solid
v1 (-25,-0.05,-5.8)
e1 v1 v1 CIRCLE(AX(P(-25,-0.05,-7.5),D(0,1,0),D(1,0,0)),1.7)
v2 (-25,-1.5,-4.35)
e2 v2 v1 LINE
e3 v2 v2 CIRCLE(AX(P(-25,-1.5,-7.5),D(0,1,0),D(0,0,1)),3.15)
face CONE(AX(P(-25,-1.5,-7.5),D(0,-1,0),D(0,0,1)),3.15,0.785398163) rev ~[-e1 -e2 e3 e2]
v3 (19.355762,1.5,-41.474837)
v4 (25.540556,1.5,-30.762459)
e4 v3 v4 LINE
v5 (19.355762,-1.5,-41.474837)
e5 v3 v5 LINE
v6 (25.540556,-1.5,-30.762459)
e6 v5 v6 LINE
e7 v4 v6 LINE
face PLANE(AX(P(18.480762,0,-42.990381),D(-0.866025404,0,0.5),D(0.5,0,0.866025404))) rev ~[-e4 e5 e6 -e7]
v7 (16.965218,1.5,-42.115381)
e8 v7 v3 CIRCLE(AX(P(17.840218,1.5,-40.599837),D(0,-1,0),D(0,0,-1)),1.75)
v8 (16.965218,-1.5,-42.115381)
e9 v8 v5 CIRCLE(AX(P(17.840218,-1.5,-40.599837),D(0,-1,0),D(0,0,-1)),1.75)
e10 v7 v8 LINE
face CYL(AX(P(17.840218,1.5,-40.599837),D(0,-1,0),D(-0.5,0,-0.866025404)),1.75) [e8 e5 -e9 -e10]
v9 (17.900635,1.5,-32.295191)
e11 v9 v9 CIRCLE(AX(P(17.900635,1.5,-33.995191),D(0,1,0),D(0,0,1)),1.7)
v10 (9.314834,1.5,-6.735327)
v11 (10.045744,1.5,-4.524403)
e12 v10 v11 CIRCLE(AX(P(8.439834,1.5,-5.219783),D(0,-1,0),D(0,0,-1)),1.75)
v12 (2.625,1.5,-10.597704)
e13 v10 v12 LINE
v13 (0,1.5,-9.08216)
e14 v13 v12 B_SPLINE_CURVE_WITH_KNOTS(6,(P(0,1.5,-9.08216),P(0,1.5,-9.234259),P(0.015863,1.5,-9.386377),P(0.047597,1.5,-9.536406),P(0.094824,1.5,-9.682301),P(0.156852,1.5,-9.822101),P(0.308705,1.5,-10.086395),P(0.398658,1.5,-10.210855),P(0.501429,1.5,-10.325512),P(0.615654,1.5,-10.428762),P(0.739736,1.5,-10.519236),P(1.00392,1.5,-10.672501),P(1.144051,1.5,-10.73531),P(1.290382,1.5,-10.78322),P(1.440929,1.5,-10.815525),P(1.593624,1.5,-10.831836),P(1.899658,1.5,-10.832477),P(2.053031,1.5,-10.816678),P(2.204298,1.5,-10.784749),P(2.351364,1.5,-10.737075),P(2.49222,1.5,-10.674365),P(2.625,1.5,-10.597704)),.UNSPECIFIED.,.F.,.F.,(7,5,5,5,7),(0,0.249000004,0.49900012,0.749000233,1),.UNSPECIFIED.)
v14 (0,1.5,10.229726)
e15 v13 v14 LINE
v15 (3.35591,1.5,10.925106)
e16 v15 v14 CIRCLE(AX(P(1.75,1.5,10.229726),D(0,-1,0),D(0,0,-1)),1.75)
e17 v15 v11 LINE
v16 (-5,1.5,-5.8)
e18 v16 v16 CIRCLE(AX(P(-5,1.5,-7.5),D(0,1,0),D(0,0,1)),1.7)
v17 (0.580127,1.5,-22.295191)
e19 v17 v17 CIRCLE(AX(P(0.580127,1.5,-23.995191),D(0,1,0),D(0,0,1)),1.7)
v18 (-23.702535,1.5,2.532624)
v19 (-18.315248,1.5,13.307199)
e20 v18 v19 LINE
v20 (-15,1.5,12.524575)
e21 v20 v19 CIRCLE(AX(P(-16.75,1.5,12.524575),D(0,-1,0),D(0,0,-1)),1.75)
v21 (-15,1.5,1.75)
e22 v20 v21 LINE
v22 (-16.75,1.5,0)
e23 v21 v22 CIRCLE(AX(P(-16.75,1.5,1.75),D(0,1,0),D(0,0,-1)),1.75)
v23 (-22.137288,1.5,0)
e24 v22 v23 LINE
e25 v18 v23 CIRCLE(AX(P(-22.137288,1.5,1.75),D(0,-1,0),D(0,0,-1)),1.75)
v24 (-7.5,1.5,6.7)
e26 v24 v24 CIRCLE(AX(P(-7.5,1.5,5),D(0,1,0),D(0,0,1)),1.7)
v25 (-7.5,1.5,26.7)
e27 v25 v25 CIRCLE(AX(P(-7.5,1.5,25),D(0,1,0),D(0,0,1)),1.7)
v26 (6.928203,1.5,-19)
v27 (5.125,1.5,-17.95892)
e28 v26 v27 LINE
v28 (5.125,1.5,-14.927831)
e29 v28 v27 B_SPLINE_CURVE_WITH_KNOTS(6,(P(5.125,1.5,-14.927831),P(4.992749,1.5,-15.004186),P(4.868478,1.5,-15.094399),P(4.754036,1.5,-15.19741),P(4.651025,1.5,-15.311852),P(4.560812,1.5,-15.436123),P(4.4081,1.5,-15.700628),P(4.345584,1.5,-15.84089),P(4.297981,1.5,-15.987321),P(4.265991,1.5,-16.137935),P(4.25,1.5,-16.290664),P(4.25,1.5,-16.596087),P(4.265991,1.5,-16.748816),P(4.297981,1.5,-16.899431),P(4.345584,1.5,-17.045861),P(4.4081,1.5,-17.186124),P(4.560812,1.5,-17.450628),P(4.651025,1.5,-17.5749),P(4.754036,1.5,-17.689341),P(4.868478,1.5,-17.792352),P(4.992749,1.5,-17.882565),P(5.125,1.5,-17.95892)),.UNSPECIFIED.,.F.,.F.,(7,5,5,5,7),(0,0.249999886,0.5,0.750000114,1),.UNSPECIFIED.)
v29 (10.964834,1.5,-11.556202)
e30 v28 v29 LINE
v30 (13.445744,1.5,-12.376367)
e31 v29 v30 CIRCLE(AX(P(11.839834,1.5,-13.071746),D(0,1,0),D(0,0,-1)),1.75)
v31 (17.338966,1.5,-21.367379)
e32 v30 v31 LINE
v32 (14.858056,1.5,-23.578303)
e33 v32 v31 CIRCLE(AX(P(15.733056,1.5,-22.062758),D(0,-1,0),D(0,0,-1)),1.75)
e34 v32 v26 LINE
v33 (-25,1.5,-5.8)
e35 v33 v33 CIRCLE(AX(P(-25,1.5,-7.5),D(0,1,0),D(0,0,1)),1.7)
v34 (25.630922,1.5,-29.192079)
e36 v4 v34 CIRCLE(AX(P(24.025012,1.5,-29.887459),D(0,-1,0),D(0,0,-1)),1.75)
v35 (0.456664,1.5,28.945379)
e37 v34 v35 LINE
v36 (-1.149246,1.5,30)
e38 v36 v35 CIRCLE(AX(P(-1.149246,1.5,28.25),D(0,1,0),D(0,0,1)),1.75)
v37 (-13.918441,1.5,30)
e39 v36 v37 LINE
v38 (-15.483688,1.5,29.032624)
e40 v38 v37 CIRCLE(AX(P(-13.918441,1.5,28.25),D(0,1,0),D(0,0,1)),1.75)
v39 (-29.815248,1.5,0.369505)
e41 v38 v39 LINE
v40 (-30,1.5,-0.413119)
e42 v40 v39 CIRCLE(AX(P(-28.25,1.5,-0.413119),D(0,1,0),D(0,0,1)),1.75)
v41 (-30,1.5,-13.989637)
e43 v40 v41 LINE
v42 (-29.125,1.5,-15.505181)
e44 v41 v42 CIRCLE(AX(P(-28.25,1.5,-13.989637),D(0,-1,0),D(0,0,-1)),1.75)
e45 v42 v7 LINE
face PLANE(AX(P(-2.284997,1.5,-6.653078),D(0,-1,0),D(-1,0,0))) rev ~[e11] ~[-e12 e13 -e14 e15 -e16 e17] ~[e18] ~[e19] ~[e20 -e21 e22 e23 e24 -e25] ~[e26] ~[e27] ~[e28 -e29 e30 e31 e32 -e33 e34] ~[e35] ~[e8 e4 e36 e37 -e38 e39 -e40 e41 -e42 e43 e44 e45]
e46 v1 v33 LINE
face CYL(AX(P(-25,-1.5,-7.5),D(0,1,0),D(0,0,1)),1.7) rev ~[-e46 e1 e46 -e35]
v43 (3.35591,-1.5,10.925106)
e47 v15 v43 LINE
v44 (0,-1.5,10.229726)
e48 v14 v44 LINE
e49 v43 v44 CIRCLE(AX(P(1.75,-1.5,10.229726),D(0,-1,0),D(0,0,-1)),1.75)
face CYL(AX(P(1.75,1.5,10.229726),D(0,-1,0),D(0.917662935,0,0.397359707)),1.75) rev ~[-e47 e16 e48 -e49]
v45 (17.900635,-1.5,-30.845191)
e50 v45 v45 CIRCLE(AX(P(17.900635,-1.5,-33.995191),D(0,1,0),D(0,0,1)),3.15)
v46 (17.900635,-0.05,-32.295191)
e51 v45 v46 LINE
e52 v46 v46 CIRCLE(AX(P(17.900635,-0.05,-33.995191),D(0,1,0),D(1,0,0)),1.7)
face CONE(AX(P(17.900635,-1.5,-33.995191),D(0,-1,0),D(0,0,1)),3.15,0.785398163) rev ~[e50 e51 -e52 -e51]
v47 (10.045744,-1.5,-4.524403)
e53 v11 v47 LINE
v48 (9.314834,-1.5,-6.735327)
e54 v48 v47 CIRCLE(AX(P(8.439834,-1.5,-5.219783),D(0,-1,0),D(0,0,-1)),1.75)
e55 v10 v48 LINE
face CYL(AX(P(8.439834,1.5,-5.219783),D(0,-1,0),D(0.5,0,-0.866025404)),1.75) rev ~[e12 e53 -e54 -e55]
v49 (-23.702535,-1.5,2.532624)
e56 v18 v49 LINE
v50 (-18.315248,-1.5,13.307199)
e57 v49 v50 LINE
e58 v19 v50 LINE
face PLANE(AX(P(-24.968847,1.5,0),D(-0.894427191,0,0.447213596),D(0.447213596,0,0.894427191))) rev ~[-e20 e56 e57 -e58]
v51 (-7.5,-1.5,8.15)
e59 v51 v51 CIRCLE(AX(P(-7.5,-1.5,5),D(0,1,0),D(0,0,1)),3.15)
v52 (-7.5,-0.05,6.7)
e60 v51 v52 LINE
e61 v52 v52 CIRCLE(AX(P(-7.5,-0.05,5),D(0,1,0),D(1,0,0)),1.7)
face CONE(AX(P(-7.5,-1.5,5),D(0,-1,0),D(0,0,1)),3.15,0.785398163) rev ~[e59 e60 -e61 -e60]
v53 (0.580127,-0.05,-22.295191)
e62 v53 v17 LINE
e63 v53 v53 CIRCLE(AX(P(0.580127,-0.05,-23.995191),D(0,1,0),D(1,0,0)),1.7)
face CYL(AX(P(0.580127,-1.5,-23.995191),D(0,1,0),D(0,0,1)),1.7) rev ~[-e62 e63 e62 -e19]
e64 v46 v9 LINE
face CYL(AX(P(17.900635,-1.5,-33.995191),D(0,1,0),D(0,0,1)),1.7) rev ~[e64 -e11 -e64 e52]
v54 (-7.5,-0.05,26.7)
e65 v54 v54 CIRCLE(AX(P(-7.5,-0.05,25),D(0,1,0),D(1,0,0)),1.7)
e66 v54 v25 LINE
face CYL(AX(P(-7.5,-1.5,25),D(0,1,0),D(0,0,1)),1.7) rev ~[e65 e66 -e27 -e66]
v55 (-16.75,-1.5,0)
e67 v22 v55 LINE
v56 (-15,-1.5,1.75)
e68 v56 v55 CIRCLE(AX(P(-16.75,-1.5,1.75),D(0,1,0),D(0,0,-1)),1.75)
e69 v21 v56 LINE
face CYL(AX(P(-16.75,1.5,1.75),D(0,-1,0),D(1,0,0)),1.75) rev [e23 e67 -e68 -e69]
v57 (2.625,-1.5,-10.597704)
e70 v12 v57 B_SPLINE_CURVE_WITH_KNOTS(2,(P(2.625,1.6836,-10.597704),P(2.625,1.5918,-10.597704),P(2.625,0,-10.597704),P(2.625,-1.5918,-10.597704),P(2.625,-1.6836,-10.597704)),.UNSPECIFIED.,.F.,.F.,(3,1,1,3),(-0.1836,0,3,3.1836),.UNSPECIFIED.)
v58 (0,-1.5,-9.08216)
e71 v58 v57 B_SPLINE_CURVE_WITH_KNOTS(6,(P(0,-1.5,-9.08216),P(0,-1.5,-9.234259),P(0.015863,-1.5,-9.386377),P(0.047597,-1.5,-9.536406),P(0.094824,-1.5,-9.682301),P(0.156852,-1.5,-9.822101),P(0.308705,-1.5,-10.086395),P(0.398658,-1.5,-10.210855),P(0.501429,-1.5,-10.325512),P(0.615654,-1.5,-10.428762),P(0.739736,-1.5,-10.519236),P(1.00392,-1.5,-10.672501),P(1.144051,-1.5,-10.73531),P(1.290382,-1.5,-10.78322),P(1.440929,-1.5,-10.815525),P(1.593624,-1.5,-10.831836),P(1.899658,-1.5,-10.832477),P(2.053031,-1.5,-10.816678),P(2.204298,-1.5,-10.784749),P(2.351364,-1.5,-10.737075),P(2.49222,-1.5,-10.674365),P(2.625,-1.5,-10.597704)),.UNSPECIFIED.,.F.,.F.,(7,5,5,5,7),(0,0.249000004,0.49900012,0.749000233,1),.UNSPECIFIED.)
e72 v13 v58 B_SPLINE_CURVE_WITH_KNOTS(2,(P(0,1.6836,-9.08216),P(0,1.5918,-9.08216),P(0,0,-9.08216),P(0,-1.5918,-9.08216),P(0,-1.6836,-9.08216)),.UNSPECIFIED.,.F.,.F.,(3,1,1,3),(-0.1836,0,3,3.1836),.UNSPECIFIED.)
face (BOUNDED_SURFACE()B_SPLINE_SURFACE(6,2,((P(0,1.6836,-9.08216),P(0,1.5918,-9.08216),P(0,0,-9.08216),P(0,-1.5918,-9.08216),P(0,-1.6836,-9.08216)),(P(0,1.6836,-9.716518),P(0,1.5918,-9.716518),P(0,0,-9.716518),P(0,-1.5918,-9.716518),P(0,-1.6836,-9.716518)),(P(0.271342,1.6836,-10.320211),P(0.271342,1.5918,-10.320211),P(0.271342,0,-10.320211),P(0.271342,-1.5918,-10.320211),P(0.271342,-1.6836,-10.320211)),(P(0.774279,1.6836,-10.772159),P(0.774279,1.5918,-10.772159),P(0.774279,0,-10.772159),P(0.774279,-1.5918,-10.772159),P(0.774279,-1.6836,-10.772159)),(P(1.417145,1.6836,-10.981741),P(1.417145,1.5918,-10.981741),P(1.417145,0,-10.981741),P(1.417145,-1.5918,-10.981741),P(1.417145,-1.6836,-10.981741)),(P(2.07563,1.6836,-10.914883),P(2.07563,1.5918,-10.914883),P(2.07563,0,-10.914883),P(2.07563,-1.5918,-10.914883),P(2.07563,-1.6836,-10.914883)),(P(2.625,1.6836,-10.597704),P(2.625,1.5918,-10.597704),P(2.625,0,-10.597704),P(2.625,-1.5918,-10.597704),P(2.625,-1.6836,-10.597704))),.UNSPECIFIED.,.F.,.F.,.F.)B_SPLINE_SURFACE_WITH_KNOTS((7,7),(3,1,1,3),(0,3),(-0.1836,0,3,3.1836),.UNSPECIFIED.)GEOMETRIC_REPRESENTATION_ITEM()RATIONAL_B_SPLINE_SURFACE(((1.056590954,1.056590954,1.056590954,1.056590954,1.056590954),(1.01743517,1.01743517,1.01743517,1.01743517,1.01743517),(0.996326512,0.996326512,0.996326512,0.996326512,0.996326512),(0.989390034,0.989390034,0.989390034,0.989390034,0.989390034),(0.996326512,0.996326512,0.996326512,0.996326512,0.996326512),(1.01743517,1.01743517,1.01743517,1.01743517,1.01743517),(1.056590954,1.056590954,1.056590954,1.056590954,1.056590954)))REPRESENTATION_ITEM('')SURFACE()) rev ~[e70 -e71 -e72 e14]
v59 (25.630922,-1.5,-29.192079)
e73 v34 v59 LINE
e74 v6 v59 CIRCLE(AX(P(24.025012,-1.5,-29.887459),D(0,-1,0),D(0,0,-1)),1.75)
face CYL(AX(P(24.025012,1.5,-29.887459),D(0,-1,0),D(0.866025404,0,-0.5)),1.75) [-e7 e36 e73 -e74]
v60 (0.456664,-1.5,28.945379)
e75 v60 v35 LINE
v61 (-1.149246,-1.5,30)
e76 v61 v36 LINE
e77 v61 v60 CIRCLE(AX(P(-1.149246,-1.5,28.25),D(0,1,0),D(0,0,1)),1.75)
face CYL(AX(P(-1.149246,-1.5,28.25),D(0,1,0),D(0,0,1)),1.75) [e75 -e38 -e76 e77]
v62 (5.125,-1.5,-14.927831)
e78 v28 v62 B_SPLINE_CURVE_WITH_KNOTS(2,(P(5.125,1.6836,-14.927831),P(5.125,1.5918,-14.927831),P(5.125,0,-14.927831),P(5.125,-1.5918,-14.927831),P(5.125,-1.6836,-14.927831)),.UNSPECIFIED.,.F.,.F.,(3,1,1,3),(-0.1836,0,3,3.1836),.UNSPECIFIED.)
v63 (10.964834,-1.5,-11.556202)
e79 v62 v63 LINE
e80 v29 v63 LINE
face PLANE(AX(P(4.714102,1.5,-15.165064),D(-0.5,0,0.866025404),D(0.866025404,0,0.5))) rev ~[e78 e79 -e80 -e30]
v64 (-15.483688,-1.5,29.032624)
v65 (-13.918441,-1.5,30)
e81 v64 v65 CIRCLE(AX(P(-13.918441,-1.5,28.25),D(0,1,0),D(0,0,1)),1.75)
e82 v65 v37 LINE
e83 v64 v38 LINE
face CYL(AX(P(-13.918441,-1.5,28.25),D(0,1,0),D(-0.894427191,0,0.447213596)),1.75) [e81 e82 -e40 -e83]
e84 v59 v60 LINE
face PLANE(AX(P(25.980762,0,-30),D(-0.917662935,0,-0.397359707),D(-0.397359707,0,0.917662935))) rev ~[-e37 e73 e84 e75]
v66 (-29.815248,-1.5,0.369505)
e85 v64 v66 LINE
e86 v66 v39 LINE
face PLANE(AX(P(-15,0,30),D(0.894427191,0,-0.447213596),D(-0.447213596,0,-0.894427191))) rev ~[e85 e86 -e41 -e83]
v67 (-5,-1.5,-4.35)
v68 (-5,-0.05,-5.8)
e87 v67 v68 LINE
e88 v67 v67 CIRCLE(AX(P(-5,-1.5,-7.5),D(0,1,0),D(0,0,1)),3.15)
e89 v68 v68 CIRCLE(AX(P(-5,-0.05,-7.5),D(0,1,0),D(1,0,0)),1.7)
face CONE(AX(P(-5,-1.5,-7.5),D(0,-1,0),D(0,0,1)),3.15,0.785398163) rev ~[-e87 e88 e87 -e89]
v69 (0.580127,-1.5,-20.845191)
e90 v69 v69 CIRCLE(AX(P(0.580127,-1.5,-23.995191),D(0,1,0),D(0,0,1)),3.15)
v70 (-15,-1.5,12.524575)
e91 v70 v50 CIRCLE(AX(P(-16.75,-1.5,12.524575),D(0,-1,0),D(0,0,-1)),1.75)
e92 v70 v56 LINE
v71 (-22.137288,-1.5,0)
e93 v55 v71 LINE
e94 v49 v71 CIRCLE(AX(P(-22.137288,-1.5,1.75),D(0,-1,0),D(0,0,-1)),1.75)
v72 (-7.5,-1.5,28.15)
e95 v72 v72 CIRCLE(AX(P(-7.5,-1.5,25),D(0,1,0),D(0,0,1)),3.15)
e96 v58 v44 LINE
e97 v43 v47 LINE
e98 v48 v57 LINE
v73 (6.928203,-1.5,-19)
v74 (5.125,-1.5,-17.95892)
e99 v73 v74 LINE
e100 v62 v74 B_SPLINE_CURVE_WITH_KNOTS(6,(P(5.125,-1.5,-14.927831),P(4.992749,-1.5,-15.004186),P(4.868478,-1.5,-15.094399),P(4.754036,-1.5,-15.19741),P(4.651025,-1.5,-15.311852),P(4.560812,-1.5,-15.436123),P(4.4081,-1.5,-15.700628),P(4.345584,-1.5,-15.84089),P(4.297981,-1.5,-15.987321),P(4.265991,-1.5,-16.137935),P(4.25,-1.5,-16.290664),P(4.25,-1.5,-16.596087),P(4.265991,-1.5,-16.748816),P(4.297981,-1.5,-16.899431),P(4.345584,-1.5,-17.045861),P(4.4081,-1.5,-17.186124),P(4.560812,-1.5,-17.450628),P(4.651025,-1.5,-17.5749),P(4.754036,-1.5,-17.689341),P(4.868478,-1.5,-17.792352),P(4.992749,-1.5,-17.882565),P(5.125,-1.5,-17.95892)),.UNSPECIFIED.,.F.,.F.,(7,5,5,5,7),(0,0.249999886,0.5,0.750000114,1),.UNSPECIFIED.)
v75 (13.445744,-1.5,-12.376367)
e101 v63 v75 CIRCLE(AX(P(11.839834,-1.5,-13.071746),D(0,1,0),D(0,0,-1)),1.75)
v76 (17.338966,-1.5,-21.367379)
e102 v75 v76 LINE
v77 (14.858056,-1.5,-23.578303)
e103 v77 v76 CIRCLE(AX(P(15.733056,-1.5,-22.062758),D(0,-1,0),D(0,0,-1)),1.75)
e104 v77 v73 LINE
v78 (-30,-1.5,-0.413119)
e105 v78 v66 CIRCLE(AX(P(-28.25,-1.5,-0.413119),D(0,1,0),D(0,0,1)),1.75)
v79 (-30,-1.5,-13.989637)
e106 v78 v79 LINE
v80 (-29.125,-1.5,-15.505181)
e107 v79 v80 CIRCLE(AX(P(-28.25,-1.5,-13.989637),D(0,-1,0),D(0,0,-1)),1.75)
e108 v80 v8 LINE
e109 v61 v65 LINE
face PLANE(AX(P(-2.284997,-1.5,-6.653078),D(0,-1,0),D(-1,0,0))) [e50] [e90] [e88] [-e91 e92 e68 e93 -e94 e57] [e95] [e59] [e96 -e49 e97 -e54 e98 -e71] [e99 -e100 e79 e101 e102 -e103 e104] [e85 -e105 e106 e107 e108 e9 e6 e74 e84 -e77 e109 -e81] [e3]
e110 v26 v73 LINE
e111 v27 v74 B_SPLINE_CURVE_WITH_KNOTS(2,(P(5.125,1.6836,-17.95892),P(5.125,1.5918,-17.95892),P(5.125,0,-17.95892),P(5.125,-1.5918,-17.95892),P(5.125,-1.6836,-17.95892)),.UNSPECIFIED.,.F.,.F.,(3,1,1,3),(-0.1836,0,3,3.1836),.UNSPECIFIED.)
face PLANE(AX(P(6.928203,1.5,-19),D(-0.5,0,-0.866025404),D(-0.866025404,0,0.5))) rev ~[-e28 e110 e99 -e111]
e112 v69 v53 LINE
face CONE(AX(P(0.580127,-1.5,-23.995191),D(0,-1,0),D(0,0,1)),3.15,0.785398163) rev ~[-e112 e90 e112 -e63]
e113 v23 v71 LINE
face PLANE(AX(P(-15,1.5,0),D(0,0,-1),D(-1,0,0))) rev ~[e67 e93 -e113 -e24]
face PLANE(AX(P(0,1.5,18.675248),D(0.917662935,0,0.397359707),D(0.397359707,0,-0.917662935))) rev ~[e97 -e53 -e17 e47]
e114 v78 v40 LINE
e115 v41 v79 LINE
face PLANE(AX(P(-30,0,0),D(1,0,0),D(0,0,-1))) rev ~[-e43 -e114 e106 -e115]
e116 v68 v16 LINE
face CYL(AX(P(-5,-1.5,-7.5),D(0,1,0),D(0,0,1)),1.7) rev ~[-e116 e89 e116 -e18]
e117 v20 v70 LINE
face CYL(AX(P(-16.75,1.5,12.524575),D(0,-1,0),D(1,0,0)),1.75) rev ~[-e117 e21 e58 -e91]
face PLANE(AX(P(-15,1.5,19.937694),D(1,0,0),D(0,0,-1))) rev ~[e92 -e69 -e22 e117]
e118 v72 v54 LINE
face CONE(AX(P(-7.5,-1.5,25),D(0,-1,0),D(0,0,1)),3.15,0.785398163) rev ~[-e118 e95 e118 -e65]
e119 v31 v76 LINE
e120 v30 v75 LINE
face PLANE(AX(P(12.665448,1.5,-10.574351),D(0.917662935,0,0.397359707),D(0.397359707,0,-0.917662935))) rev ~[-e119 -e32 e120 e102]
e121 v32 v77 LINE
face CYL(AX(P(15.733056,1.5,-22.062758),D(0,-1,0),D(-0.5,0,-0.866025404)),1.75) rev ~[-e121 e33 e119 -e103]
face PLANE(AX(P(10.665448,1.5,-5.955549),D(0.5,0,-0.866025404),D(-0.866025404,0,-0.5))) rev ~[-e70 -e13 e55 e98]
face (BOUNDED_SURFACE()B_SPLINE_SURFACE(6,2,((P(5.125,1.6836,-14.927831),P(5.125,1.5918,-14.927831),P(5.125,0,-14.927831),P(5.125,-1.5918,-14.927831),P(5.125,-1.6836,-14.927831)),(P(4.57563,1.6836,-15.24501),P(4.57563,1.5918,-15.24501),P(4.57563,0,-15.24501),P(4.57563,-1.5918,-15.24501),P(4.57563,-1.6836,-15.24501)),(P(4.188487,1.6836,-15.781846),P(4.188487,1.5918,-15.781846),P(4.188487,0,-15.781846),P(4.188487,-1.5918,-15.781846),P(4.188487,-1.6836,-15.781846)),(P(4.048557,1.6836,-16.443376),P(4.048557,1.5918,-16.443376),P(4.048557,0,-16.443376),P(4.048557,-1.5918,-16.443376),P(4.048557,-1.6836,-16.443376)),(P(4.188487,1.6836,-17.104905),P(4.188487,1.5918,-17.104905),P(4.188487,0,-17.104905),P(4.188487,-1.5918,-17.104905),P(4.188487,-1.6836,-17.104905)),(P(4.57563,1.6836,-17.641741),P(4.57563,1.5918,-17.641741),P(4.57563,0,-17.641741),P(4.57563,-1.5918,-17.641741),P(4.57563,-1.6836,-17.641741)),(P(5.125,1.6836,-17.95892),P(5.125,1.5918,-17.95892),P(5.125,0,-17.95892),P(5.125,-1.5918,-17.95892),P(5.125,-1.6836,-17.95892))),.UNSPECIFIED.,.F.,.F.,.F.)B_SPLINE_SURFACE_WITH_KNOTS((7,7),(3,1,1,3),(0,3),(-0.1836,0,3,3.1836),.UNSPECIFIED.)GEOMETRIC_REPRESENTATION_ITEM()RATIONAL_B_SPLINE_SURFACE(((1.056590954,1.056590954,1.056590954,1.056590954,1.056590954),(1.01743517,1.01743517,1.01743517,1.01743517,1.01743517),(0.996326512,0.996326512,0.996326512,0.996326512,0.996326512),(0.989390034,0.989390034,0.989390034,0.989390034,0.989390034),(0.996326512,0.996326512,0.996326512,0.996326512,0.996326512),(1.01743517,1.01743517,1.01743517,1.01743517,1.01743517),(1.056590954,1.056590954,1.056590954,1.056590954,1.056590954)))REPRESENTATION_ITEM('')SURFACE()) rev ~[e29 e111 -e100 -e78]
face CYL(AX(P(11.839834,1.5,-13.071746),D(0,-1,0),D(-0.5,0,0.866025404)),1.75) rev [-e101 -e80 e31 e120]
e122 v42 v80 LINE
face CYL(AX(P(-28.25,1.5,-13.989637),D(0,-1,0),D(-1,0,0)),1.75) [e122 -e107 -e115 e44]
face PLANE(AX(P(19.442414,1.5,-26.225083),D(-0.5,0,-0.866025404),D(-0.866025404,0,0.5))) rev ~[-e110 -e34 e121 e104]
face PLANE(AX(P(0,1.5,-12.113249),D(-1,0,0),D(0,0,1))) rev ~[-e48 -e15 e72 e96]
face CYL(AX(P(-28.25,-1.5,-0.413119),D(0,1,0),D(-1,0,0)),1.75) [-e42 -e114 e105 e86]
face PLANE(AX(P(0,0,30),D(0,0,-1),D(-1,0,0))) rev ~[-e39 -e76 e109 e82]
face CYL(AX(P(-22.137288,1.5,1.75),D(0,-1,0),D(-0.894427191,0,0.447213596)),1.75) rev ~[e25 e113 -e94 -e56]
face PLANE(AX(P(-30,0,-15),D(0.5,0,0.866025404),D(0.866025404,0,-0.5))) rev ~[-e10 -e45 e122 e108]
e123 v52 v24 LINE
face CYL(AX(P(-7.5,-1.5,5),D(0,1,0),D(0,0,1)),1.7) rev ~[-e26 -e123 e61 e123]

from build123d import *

# Parameters (mm, degrees)
SKETCH_4_R                   = 1.6
EXTRUDE_1_DEPTH              = 1.5
CUT_EXTRUDE_2_DEPTH          = 3
FILLET_2_R                   = 1.75
HOLE_WIZARD_M3_1_D           = 3.4
HOLE_WIZARD_M3_1_DEPTH       = 5.978536948
HOLE_WIZARD_M3_1_CSINK_D     = 6.3
HOLE_WIZARD_M3_1_CSINK_ANGLE = 90
HOLE_WIZARD_M3_1_TIP         = 1.021463052


with BuildPart() as part:
    # ｽｹｯﾁ4 → ﾎﾞｽ - 押し出し1 (new, symmetric)
    with BuildSketch(Plane(origin=(0, 0, 0), x_dir=(1, 0, 0), z_dir=(0, 1, 0))):
        Polygon((-30, 0), (-30, 15), (18.480762114, 42.990381057), (25.980762114, 30), (0, -30), (-15, -30), align=None)
        with Locations(Location((0.580127019, 23.995190528, 0), (0, 0, 270))):
            Circle(SKETCH_4_R, mode=Mode.SUBTRACT)
        with Locations(Location((-5, 7.5, 0), (0, 0, 270))):
            Circle(SKETCH_4_R, mode=Mode.SUBTRACT)
        with Locations(Location((-7.5, -5, 0), (0, 0, 270))):
            Circle(SKETCH_4_R, mode=Mode.SUBTRACT)
        with Locations(Location((-7.5, -25, 0), (0, 0, 270))):
            Circle(SKETCH_4_R, mode=Mode.SUBTRACT)
        with Locations(Location((-25, 7.5, 0), (0, 0, 270))):
            Circle(SKETCH_4_R, mode=Mode.SUBTRACT)
        with Locations(Location((17.900635095, 33.995190528, 0), (0, 0, 270))):
            Circle(SKETCH_4_R, mode=Mode.SUBTRACT)
    extrude(amount=EXTRUDE_1_DEPTH, both=True)

    # ｽｹｯﾁ5 → ｶｯﾄ - 押し出し2 (cut)
    with BuildSketch(Plane(origin=(0, 1.5, 0), x_dir=(1, 0, 0), z_dir=(0, 1, 0))):
        Polygon((12.665448219, 10.574351407), (19.442413698, 26.225082782), (6.92820323, 19), (4.714101615, 15.165063509), align=None)
        Polygon((4.714101615, 15.165063509), (6.92820323, 19), (2.5, 16.443375673), align=None)
        Polygon((2.214101615, 10.834936491), (0, 12.113248654), (0, 7), align=None)
        Polygon((0, 0), (0, -18.675248347), (10.665448219, 5.955549254), (2.214101615, 10.834936491), (0, 7), align=None)
        Polygon((-15, 0), (-24.968847051, 0), (-15, -19.937694101), align=None)
    extrude(amount=-CUT_EXTRUDE_2_DEPTH, mode=Mode.SUBTRACT)

    # ﾌｨﾚｯﾄ2
    fillet_2_edges = [part.edges().sort_by_distance(p)[0] for p in [
        (-30, 0, 0),
        (-30, 0, -15),
        (18.480762114, 0, -42.990381057),
        (25.980762114, 0, -30),
        (0, 0, 30),
        (-15, 0, 30),
        (-24.968847051, 0, 0),
        (-15, 0, 0),
        (-15, 0, 19.937694101),
        (0, 0, 18.675248347),
        (0, 0, -12.113248654),
        (10.665448219, 0, -5.955549254),
        (2.5, 0, -16.443375673),
        (19.442413698, 0, -26.225082782),
        (12.665448219, 0, -10.574351407),
    ]]
    fillet(fillet_2_edges, radius=FILLET_2_R)

    # M3 丸皿ねじ用皿穴1
    with Locations(Plane(origin=(-7.5, -1.5, 25), x_dir=(0, 0, -1), z_dir=(0, -1, 0))):
        with Locations((0, 0), (20, 0), (32.5, -17.5), (32.5, 2.5), (48.995190528, 8.080127019), (58.995190528, 25.400635095)):
            CounterSinkHole(HOLE_WIZARD_M3_1_D / 2, HOLE_WIZARD_M3_1_CSINK_D / 2, depth=HOLE_WIZARD_M3_1_DEPTH, counter_sink_angle=HOLE_WIZARD_M3_1_CSINK_ANGLE)
            with Locations((0, 0, -(HOLE_WIZARD_M3_1_DEPTH + HOLE_WIZARD_M3_1_TIP / 2))):  # 118° drill point
                Cone(0, HOLE_WIZARD_M3_1_D / 2, HOLE_WIZARD_M3_1_TIP, mode=Mode.SUBTRACT)


solid = part.part
